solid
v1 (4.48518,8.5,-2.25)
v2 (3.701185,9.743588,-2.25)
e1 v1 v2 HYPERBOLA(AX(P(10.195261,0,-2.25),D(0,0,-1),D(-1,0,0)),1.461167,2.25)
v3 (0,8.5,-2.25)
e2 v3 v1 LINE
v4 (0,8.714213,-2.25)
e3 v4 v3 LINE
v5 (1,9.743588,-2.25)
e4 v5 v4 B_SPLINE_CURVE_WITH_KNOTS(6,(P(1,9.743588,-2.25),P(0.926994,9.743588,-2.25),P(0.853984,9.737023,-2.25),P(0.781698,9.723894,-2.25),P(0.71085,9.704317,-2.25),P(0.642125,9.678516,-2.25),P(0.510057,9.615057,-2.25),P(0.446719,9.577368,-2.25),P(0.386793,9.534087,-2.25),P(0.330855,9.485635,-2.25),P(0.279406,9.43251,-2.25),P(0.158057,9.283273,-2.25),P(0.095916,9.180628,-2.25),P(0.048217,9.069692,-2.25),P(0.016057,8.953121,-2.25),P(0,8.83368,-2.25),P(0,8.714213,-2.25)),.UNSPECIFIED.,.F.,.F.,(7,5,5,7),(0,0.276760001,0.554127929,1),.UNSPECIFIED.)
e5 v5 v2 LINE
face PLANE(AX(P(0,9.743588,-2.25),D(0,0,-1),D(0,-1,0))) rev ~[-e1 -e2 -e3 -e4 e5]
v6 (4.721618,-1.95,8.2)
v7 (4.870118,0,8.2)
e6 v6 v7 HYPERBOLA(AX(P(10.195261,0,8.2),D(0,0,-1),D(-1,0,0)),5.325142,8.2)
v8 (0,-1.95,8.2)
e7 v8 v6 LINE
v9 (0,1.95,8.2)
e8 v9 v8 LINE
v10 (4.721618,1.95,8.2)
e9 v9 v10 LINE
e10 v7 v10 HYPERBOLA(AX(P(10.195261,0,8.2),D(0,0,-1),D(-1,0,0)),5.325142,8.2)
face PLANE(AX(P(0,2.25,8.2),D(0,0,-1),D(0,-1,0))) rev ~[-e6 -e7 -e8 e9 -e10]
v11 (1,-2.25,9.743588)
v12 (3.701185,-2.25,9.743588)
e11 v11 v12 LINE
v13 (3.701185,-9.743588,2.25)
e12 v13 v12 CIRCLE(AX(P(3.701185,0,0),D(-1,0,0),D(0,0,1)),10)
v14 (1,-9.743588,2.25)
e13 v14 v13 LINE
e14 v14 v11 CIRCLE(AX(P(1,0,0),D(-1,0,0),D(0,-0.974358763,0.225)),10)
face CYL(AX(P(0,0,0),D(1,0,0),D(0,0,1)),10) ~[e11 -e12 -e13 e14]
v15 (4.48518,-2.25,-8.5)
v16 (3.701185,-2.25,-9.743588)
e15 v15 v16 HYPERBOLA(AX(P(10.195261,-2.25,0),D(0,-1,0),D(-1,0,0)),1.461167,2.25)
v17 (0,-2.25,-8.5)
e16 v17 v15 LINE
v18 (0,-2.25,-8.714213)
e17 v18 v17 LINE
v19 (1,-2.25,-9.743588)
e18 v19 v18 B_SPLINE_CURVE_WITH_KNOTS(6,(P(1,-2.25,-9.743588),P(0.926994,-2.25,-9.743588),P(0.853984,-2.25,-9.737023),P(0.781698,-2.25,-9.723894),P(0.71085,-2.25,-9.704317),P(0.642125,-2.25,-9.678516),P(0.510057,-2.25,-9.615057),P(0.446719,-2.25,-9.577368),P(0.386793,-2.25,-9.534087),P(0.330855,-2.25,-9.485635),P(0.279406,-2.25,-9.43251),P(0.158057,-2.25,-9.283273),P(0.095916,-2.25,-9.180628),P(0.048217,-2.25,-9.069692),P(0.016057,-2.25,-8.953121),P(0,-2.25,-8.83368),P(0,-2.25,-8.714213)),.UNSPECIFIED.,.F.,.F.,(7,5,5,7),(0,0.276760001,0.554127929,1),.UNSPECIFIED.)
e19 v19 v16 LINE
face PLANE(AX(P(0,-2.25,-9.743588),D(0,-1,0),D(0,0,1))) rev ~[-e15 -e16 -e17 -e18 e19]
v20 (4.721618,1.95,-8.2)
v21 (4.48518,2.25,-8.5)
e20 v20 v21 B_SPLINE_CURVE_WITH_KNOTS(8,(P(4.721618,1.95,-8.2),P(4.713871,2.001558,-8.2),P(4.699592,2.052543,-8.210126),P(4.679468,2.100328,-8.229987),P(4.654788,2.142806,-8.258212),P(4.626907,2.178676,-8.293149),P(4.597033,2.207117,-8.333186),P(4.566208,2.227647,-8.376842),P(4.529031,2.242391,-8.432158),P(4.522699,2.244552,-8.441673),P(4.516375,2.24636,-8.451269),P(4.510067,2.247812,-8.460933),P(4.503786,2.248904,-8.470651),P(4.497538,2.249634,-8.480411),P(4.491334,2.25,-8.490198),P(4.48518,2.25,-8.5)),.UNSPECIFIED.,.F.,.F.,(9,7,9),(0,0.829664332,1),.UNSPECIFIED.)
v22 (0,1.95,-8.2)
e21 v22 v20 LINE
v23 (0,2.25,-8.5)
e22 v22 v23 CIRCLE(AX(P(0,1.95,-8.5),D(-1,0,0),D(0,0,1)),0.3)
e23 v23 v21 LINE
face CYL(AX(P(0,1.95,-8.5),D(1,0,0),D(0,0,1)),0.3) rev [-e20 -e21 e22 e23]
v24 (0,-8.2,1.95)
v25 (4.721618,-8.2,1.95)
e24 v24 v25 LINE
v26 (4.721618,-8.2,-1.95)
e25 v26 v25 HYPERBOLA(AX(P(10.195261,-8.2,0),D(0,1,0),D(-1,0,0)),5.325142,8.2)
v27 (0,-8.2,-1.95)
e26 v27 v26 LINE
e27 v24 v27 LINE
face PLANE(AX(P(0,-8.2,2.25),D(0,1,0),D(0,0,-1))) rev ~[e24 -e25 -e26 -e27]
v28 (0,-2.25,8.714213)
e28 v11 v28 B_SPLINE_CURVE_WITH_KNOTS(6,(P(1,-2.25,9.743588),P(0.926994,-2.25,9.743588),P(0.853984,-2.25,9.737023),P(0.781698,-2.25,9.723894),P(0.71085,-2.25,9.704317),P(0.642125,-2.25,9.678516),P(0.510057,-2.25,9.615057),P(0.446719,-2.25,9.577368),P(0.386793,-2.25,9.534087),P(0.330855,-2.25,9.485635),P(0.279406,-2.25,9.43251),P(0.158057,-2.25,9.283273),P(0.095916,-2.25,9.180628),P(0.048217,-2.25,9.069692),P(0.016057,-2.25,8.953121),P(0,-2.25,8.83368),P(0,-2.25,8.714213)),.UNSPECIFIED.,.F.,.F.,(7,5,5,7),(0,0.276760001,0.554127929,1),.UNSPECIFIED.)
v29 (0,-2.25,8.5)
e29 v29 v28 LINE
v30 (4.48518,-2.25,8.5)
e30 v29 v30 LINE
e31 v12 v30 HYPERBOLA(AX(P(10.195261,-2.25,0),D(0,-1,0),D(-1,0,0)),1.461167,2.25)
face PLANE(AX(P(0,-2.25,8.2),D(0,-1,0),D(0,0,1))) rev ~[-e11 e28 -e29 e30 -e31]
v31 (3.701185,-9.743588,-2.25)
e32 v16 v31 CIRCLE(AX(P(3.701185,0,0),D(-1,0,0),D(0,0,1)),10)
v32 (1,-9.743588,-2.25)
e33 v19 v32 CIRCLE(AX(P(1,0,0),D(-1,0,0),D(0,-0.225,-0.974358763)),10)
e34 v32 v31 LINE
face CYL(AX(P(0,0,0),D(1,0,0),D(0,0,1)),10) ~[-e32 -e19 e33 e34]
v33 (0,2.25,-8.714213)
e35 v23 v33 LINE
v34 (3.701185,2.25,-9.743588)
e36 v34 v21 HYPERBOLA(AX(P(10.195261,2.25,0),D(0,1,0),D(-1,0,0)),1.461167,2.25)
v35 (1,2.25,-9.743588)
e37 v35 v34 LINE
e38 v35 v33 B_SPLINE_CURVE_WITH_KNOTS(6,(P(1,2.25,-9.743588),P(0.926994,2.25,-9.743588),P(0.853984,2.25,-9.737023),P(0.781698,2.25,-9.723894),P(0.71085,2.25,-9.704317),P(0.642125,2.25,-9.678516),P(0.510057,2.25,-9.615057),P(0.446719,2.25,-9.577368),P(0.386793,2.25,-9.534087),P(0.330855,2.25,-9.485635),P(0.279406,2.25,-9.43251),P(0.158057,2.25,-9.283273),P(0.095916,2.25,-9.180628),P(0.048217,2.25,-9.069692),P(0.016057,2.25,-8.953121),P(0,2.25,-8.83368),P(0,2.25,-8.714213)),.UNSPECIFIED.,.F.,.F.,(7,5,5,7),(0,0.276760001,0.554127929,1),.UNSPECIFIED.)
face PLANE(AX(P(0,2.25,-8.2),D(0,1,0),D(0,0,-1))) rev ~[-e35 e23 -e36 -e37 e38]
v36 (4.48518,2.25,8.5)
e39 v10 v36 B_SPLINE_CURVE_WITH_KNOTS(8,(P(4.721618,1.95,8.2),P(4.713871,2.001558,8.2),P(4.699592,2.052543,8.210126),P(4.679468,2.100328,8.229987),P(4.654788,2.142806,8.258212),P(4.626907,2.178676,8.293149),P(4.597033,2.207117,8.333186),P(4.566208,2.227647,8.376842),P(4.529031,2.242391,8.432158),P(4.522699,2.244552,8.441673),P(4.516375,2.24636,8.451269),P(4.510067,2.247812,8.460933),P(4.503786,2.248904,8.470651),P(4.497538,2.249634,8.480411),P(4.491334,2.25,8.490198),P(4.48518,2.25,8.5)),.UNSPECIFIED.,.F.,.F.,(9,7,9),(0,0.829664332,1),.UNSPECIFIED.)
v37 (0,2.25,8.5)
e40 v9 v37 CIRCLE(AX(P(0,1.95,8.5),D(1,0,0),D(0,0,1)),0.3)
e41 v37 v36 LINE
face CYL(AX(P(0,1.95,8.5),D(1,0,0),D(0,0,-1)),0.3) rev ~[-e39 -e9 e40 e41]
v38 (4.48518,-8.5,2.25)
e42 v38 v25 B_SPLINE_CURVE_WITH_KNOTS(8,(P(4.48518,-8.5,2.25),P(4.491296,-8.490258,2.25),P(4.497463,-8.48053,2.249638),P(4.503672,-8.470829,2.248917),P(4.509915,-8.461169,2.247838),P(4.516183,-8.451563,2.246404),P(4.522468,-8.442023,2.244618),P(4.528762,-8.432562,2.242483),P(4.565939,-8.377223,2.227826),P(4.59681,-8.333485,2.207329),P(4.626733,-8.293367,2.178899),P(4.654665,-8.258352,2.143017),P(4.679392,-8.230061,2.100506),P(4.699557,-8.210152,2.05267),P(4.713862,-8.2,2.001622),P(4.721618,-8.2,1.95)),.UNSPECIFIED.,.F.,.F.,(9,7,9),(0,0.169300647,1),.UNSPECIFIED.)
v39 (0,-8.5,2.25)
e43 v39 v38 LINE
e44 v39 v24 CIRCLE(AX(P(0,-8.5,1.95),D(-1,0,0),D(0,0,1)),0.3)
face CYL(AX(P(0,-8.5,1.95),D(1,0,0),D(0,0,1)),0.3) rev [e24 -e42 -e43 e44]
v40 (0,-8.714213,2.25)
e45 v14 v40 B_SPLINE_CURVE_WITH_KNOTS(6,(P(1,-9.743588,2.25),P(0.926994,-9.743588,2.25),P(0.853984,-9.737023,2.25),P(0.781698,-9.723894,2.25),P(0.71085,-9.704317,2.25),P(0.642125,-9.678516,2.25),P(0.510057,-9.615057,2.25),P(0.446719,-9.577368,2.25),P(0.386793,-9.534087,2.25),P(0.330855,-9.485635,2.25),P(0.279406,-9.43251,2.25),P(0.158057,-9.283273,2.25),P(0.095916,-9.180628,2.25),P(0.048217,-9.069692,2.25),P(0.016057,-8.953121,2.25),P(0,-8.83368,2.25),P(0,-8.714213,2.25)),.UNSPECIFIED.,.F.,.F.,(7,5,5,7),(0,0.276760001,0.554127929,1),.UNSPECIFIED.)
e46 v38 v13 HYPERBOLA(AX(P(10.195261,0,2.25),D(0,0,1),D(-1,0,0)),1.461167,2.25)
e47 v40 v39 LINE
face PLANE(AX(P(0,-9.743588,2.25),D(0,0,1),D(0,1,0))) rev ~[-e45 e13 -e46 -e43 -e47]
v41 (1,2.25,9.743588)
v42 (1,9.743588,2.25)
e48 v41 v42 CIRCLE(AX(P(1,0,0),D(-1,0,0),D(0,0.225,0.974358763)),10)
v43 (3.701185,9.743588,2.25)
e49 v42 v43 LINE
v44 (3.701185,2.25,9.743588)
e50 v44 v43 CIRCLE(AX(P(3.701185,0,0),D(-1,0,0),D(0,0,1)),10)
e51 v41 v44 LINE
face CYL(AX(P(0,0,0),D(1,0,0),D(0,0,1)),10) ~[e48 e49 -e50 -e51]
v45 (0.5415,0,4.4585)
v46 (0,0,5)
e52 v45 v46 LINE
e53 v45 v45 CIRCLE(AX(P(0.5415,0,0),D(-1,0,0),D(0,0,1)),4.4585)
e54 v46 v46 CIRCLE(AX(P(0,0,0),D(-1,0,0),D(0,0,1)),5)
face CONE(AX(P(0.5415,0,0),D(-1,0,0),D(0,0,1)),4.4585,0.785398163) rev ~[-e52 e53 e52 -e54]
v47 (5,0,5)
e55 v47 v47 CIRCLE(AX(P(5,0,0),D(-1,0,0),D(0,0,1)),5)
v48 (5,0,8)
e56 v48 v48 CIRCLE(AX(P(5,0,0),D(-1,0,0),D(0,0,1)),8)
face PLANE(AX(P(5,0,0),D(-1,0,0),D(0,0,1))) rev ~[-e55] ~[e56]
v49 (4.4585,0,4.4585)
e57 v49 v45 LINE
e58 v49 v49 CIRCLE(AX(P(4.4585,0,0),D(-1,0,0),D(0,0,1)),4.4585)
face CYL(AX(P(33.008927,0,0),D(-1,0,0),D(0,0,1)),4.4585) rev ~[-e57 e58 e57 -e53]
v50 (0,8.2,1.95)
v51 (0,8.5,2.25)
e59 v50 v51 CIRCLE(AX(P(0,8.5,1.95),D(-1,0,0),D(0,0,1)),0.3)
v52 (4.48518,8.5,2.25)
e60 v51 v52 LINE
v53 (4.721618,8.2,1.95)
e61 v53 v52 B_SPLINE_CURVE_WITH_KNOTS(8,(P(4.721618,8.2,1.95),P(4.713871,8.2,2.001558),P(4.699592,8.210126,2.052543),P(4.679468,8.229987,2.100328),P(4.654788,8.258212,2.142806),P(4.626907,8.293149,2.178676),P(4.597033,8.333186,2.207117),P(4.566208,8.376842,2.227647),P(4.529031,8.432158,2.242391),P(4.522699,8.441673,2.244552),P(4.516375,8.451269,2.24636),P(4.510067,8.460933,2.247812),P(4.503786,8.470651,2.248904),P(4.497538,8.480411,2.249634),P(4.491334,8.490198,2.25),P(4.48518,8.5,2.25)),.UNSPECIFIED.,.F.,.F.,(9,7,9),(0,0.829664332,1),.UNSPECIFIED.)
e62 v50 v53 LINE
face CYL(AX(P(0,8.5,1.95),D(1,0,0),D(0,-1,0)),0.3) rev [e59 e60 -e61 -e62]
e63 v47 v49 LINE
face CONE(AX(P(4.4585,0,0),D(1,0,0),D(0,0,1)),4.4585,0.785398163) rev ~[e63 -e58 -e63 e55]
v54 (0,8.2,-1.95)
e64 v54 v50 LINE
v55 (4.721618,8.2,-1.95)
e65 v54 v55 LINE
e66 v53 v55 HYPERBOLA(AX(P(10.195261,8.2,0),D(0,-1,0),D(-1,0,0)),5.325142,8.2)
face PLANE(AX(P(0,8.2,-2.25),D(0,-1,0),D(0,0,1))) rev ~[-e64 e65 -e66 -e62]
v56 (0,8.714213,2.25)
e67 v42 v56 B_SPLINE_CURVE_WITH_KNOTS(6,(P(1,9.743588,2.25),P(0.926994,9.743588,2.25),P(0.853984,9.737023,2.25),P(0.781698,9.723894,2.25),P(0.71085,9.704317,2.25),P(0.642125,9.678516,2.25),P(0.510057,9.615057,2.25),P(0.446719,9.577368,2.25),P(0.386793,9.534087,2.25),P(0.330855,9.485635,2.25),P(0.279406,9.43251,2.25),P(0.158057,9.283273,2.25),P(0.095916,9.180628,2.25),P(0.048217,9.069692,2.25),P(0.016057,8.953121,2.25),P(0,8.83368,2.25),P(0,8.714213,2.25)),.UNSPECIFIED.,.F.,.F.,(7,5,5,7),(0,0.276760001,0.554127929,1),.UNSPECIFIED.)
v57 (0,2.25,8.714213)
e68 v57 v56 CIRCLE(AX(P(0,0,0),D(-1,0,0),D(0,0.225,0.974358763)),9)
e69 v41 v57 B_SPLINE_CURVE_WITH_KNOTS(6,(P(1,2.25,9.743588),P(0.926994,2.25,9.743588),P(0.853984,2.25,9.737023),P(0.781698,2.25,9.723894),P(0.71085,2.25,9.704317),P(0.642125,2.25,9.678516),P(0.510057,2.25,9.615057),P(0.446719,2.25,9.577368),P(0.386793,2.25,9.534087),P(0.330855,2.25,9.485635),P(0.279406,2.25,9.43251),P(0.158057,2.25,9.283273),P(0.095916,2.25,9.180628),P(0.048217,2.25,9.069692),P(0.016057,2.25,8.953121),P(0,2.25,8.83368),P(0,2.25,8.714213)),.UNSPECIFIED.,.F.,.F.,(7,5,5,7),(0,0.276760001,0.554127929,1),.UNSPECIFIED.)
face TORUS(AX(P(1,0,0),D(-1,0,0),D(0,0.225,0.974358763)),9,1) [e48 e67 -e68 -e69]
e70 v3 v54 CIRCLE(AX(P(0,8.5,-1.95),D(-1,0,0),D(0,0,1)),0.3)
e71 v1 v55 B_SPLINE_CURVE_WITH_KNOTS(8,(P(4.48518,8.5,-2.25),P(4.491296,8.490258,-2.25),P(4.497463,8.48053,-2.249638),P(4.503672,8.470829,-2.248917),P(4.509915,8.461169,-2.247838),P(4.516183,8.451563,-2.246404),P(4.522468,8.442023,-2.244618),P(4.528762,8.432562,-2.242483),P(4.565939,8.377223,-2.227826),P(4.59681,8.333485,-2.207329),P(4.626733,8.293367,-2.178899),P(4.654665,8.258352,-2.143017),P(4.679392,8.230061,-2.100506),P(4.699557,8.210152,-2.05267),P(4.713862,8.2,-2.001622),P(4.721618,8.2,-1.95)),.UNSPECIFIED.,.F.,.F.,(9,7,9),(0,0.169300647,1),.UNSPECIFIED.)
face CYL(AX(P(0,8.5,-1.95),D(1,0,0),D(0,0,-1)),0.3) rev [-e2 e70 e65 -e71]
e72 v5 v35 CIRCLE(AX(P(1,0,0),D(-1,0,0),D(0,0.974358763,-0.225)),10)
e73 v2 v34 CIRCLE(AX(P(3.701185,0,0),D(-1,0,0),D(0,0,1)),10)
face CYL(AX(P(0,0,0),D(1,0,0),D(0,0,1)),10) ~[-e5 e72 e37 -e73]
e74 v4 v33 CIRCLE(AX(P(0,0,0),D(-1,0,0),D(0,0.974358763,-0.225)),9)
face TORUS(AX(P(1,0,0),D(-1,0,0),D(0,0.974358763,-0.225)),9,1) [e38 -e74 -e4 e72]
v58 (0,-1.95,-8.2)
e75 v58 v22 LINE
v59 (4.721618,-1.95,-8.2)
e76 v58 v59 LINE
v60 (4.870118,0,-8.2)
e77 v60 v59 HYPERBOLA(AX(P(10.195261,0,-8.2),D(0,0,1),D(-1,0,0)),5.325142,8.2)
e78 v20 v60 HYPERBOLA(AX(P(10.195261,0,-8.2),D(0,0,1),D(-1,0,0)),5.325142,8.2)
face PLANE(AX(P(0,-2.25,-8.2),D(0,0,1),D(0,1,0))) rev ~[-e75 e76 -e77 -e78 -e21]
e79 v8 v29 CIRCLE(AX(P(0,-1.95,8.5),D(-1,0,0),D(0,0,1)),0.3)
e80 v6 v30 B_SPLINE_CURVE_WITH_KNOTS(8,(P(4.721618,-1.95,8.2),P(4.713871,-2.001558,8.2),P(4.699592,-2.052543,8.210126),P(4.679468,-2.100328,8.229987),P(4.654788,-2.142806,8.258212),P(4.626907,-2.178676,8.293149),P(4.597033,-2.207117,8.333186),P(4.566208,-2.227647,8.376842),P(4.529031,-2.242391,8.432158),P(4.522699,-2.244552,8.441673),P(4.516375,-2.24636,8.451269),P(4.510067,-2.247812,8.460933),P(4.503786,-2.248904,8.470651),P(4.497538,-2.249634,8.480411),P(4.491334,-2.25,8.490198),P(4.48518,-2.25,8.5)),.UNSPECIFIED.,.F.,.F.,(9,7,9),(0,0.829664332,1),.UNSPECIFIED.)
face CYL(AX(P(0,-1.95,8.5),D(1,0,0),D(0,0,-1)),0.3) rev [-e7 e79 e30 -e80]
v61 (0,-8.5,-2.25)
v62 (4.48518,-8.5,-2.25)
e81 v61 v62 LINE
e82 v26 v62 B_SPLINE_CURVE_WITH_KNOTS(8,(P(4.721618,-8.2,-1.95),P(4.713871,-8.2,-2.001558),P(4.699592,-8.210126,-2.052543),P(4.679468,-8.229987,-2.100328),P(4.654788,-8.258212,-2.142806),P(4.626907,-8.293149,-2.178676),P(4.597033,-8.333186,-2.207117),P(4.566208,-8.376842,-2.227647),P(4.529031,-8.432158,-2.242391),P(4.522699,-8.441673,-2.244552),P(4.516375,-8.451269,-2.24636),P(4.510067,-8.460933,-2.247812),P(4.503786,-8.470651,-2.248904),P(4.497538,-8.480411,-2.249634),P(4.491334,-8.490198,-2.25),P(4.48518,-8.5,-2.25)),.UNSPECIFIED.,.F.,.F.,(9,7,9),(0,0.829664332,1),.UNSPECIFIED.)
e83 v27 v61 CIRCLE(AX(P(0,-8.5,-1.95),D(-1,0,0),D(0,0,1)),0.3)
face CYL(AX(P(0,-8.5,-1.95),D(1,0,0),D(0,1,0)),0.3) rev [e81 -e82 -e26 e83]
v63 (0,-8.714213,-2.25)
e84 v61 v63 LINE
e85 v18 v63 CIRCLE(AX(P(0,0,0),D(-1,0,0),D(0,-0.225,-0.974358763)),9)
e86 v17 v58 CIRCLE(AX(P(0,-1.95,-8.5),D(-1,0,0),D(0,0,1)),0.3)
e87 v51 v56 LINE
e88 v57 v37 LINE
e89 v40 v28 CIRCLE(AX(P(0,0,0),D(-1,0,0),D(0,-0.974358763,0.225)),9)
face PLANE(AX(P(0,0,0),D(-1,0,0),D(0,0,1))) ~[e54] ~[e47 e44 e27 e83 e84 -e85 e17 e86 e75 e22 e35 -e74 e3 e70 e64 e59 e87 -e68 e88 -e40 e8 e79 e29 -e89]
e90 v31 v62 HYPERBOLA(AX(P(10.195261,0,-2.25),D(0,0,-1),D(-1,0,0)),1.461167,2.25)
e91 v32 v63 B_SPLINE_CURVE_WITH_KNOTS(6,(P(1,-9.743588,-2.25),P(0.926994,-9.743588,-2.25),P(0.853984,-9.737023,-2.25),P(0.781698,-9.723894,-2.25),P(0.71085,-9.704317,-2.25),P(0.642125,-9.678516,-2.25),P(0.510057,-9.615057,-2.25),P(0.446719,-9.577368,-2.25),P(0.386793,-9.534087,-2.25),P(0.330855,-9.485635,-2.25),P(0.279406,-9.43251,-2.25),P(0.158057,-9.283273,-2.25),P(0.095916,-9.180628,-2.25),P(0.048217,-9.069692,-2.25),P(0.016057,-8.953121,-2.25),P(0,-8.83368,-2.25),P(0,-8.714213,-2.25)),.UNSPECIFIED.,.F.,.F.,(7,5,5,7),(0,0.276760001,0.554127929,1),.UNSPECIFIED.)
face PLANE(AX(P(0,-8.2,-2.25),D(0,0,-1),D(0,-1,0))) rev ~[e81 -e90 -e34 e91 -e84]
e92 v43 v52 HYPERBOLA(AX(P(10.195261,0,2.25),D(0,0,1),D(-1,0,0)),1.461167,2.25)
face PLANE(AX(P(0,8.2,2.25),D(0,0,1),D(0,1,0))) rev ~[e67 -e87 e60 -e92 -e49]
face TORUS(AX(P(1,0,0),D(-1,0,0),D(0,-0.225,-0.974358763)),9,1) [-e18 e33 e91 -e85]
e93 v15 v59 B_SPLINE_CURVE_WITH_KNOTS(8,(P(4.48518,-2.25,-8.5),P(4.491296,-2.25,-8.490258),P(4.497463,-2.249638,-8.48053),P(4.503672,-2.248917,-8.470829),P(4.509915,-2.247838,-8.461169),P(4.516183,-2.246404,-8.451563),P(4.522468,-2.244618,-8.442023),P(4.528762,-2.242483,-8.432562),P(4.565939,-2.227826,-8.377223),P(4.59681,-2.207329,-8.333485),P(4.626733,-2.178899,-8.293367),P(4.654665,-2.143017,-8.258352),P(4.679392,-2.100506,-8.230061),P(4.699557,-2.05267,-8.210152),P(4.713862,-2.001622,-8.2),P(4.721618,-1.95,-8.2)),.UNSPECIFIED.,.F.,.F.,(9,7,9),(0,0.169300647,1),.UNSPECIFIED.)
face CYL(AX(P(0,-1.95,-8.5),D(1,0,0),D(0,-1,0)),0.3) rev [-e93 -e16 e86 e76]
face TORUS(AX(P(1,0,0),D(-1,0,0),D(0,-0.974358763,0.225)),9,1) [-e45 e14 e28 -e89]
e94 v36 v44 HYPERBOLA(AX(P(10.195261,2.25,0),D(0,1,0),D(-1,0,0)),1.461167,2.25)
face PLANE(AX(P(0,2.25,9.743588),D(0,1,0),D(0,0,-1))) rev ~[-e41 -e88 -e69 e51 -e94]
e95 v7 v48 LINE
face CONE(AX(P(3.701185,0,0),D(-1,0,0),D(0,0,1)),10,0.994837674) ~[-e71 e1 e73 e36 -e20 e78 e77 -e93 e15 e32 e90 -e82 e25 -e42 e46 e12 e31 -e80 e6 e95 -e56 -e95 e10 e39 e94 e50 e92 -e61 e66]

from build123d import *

# Parameters (mm, degrees)
CUT_EXTRUDE1_REACH   = 17
CUT_EXTRUDE2_REACH   = 17
CUT_EXTRUDE3_REACH   = 17
CUT_EXTRUDE4_REACH   = 16.83
M8_CLEARANCE_HOLE1_D = 8.917
CHAMFER1_SIZE        = 0.5415
FILLET1_R            = 0.3
FILLET2_R            = 1


with BuildPart() as part:
    # Sketch1 → Revolve1 (revolve)
    with BuildSketch(Plane(origin=(0, 0, 0), x_dir=(-1, 0, 0), z_dir=(0, 0, -1)), mode=Mode.PRIVATE) as revolve1_sk:
        Polygon((-5, 8), (-5, 0), (0, 0), (0, 10), (-3.701184814, 10), align=None)
    revolve(revolve1_sk.sketch.rotate(Axis((5, 0, 0), (-1, 0, 0)), 270), axis=Axis((5, 0, 0), (-1, 0, 0)))

    # Cut-Extrude1: up to this cone (the profile starts inside it)
    cut_extrude1_end = Plane(origin=(0, 0, 0), z_dir=(-1, 0, 0)).offset(-10.195259746) * Cone(1.54e-06, 66.821801925, 43.394584565, align=(Align.CENTER, Align.CENTER, Align.MIN), mode=Mode.PRIVATE)
    # Sketch2 → Cut-Extrude1 (cut, up to the surface)
    with BuildSketch(Plane.ZY, mode=Mode.PRIVATE) as cut_extrude1_sk1:
        with BuildLine():
            Line((9.743587635, 2.25), (8.2, 2.25))
            Line((8.2, 2.25), (8.2, -2.25))
            Line((8.2, -2.25), (9.743587635, -2.25))
            ThreePointArc((9.743587635, -2.25), (10, 0), (9.743587635, 2.25))
        make_face()
    cut_extrude1_tool1 = extrude(cut_extrude1_sk1.sketch, amount=-CUT_EXTRUDE1_REACH, mode=Mode.PRIVATE) & cut_extrude1_end
    add(cut_extrude1_tool1.solids().sort_by_distance((0, 0, 9.059184))[0], mode=Mode.SUBTRACT)

    # Cut-Extrude2: up to this cone (the profile starts inside it)
    cut_extrude2_end = Plane(origin=(0, 0, 0), z_dir=(-1, 0, 0)).offset(-10.195259746) * Cone(1.54e-06, 66.821801925, 43.394584565, align=(Align.CENTER, Align.CENTER, Align.MIN), mode=Mode.PRIVATE)
    # Sketch3 → Cut-Extrude2 (cut, up to the surface)
    with BuildSketch(Plane.ZY, mode=Mode.PRIVATE) as cut_extrude2_sk1:
        with BuildLine():
            Line((2.25, -9.743587635), (2.25, -8.2))
            Line((2.25, -8.2), (-2.25, -8.2))
            Line((-2.25, -8.2), (-2.25, -9.743587635))
            ThreePointArc((-2.25, -9.743587635), (0, -10), (2.25, -9.743587635))
        make_face()
    cut_extrude2_tool1 = extrude(cut_extrude2_sk1.sketch, amount=-CUT_EXTRUDE2_REACH, mode=Mode.PRIVATE) & cut_extrude2_end
    add(cut_extrude2_tool1.solids().sort_by_distance((0, -9.059184, 0))[0], mode=Mode.SUBTRACT)

    # Cut-Extrude3: up to this cone (the profile starts inside it)
    cut_extrude3_end = Plane(origin=(0, 0, 0), z_dir=(-1, 0, 0)).offset(-10.195259746) * Cone(1.54e-06, 66.821801925, 43.394584565, align=(Align.CENTER, Align.CENTER, Align.MIN), mode=Mode.PRIVATE)
    # Sketch4 → Cut-Extrude3 (cut, up to the surface)
    with BuildSketch(Plane.ZY, mode=Mode.PRIVATE) as cut_extrude3_sk1:
        with BuildLine():
            Line((-9.743587635, -2.25), (-8.2, -2.25))
            Line((-8.2, -2.25), (-8.2, 2.25))
            Line((-8.2, 2.25), (-9.743587635, 2.25))
            ThreePointArc((-9.743587635, 2.25), (-10, 0), (-9.743587635, -2.25))
        make_face()
    cut_extrude3_tool1 = extrude(cut_extrude3_sk1.sketch, amount=-CUT_EXTRUDE3_REACH, mode=Mode.PRIVATE) & cut_extrude3_end
    add(cut_extrude3_tool1.solids().sort_by_distance((0, 0, -9.059184))[0], mode=Mode.SUBTRACT)

    # Cut-Extrude4: up to this cone (the profile starts inside it)
    cut_extrude4_end = Plane(origin=(0, 0, 0), z_dir=(-1, 0, 0)).offset(-10.195259746) * Cone(1.54e-06, 66.560024881, 43.224584565, align=(Align.CENTER, Align.CENTER, Align.MIN), mode=Mode.PRIVATE)
    # Sketch5 → Cut-Extrude4 (cut, up to the surface)
    with BuildSketch(Plane.ZY, mode=Mode.PRIVATE) as cut_extrude4_sk1:
        with BuildLine():
            Line((-2.25, 9.743587635), (-2.25, 8.2))
            Line((-2.25, 8.2), (2.25, 8.2))
            Line((2.25, 8.2), (2.25, 9.743587635))
            ThreePointArc((2.25, 9.743587635), (0, 10), (-2.25, 9.743587635))
        make_face()
    cut_extrude4_tool1 = extrude(cut_extrude4_sk1.sketch, amount=-CUT_EXTRUDE4_REACH, mode=Mode.PRIVATE) & cut_extrude4_end
    add(cut_extrude4_tool1.solids().sort_by_distance((0, 9.059184, 0))[0], mode=Mode.SUBTRACT)

    # M8 Clearance Hole1 (through all)
    with Locations(Plane(origin=(5, 0, 0), x_dir=(0, 0, -1), z_dir=(1, 0, 0))):
        with Locations((0, 0)):
            Hole(M8_CLEARANCE_HOLE1_D / 2)

    # Chamfer1
    chamfer1_edges = [part.edges().sort_by_distance(p)[0] for p in [
        (5, 0, -4.4585),
        (0, 0, -4.4585),
    ]]
    chamfer(chamfer1_edges, length=CHAMFER1_SIZE)

    # Fillet1
    fillet1_edges = [part.edges().sort_by_distance(p)[0] for p in [
        (2.336645522, 8.2, -2.25),
        (2.336645522, 2.25, 8.2),
        (2.336645522, -8.2, 2.25),
        (2.336645522, -2.25, 8.2),
        (2.336645522, 8.2, 2.25),
        (2.336645522, -8.2, -2.25),
        (2.336645522, 2.25, -8.2),
        (2.336645522, -2.25, -8.2),
    ]]
    fillet(fillet1_edges, radius=FILLET1_R)

    # Fillet2
    fillet2_edges = [part.edges().sort_by_distance(p)[0] for p in [
        (0, -7.071067812, 7.071067812),
        (0, -7.071067812, -7.071067812),
        (0, 7.071067812, 7.071067812),
        (0, 7.071067812, -7.071067812),
    ]]
    fillet(fillet2_edges, radius=FILLET2_R)


solid = part.part
